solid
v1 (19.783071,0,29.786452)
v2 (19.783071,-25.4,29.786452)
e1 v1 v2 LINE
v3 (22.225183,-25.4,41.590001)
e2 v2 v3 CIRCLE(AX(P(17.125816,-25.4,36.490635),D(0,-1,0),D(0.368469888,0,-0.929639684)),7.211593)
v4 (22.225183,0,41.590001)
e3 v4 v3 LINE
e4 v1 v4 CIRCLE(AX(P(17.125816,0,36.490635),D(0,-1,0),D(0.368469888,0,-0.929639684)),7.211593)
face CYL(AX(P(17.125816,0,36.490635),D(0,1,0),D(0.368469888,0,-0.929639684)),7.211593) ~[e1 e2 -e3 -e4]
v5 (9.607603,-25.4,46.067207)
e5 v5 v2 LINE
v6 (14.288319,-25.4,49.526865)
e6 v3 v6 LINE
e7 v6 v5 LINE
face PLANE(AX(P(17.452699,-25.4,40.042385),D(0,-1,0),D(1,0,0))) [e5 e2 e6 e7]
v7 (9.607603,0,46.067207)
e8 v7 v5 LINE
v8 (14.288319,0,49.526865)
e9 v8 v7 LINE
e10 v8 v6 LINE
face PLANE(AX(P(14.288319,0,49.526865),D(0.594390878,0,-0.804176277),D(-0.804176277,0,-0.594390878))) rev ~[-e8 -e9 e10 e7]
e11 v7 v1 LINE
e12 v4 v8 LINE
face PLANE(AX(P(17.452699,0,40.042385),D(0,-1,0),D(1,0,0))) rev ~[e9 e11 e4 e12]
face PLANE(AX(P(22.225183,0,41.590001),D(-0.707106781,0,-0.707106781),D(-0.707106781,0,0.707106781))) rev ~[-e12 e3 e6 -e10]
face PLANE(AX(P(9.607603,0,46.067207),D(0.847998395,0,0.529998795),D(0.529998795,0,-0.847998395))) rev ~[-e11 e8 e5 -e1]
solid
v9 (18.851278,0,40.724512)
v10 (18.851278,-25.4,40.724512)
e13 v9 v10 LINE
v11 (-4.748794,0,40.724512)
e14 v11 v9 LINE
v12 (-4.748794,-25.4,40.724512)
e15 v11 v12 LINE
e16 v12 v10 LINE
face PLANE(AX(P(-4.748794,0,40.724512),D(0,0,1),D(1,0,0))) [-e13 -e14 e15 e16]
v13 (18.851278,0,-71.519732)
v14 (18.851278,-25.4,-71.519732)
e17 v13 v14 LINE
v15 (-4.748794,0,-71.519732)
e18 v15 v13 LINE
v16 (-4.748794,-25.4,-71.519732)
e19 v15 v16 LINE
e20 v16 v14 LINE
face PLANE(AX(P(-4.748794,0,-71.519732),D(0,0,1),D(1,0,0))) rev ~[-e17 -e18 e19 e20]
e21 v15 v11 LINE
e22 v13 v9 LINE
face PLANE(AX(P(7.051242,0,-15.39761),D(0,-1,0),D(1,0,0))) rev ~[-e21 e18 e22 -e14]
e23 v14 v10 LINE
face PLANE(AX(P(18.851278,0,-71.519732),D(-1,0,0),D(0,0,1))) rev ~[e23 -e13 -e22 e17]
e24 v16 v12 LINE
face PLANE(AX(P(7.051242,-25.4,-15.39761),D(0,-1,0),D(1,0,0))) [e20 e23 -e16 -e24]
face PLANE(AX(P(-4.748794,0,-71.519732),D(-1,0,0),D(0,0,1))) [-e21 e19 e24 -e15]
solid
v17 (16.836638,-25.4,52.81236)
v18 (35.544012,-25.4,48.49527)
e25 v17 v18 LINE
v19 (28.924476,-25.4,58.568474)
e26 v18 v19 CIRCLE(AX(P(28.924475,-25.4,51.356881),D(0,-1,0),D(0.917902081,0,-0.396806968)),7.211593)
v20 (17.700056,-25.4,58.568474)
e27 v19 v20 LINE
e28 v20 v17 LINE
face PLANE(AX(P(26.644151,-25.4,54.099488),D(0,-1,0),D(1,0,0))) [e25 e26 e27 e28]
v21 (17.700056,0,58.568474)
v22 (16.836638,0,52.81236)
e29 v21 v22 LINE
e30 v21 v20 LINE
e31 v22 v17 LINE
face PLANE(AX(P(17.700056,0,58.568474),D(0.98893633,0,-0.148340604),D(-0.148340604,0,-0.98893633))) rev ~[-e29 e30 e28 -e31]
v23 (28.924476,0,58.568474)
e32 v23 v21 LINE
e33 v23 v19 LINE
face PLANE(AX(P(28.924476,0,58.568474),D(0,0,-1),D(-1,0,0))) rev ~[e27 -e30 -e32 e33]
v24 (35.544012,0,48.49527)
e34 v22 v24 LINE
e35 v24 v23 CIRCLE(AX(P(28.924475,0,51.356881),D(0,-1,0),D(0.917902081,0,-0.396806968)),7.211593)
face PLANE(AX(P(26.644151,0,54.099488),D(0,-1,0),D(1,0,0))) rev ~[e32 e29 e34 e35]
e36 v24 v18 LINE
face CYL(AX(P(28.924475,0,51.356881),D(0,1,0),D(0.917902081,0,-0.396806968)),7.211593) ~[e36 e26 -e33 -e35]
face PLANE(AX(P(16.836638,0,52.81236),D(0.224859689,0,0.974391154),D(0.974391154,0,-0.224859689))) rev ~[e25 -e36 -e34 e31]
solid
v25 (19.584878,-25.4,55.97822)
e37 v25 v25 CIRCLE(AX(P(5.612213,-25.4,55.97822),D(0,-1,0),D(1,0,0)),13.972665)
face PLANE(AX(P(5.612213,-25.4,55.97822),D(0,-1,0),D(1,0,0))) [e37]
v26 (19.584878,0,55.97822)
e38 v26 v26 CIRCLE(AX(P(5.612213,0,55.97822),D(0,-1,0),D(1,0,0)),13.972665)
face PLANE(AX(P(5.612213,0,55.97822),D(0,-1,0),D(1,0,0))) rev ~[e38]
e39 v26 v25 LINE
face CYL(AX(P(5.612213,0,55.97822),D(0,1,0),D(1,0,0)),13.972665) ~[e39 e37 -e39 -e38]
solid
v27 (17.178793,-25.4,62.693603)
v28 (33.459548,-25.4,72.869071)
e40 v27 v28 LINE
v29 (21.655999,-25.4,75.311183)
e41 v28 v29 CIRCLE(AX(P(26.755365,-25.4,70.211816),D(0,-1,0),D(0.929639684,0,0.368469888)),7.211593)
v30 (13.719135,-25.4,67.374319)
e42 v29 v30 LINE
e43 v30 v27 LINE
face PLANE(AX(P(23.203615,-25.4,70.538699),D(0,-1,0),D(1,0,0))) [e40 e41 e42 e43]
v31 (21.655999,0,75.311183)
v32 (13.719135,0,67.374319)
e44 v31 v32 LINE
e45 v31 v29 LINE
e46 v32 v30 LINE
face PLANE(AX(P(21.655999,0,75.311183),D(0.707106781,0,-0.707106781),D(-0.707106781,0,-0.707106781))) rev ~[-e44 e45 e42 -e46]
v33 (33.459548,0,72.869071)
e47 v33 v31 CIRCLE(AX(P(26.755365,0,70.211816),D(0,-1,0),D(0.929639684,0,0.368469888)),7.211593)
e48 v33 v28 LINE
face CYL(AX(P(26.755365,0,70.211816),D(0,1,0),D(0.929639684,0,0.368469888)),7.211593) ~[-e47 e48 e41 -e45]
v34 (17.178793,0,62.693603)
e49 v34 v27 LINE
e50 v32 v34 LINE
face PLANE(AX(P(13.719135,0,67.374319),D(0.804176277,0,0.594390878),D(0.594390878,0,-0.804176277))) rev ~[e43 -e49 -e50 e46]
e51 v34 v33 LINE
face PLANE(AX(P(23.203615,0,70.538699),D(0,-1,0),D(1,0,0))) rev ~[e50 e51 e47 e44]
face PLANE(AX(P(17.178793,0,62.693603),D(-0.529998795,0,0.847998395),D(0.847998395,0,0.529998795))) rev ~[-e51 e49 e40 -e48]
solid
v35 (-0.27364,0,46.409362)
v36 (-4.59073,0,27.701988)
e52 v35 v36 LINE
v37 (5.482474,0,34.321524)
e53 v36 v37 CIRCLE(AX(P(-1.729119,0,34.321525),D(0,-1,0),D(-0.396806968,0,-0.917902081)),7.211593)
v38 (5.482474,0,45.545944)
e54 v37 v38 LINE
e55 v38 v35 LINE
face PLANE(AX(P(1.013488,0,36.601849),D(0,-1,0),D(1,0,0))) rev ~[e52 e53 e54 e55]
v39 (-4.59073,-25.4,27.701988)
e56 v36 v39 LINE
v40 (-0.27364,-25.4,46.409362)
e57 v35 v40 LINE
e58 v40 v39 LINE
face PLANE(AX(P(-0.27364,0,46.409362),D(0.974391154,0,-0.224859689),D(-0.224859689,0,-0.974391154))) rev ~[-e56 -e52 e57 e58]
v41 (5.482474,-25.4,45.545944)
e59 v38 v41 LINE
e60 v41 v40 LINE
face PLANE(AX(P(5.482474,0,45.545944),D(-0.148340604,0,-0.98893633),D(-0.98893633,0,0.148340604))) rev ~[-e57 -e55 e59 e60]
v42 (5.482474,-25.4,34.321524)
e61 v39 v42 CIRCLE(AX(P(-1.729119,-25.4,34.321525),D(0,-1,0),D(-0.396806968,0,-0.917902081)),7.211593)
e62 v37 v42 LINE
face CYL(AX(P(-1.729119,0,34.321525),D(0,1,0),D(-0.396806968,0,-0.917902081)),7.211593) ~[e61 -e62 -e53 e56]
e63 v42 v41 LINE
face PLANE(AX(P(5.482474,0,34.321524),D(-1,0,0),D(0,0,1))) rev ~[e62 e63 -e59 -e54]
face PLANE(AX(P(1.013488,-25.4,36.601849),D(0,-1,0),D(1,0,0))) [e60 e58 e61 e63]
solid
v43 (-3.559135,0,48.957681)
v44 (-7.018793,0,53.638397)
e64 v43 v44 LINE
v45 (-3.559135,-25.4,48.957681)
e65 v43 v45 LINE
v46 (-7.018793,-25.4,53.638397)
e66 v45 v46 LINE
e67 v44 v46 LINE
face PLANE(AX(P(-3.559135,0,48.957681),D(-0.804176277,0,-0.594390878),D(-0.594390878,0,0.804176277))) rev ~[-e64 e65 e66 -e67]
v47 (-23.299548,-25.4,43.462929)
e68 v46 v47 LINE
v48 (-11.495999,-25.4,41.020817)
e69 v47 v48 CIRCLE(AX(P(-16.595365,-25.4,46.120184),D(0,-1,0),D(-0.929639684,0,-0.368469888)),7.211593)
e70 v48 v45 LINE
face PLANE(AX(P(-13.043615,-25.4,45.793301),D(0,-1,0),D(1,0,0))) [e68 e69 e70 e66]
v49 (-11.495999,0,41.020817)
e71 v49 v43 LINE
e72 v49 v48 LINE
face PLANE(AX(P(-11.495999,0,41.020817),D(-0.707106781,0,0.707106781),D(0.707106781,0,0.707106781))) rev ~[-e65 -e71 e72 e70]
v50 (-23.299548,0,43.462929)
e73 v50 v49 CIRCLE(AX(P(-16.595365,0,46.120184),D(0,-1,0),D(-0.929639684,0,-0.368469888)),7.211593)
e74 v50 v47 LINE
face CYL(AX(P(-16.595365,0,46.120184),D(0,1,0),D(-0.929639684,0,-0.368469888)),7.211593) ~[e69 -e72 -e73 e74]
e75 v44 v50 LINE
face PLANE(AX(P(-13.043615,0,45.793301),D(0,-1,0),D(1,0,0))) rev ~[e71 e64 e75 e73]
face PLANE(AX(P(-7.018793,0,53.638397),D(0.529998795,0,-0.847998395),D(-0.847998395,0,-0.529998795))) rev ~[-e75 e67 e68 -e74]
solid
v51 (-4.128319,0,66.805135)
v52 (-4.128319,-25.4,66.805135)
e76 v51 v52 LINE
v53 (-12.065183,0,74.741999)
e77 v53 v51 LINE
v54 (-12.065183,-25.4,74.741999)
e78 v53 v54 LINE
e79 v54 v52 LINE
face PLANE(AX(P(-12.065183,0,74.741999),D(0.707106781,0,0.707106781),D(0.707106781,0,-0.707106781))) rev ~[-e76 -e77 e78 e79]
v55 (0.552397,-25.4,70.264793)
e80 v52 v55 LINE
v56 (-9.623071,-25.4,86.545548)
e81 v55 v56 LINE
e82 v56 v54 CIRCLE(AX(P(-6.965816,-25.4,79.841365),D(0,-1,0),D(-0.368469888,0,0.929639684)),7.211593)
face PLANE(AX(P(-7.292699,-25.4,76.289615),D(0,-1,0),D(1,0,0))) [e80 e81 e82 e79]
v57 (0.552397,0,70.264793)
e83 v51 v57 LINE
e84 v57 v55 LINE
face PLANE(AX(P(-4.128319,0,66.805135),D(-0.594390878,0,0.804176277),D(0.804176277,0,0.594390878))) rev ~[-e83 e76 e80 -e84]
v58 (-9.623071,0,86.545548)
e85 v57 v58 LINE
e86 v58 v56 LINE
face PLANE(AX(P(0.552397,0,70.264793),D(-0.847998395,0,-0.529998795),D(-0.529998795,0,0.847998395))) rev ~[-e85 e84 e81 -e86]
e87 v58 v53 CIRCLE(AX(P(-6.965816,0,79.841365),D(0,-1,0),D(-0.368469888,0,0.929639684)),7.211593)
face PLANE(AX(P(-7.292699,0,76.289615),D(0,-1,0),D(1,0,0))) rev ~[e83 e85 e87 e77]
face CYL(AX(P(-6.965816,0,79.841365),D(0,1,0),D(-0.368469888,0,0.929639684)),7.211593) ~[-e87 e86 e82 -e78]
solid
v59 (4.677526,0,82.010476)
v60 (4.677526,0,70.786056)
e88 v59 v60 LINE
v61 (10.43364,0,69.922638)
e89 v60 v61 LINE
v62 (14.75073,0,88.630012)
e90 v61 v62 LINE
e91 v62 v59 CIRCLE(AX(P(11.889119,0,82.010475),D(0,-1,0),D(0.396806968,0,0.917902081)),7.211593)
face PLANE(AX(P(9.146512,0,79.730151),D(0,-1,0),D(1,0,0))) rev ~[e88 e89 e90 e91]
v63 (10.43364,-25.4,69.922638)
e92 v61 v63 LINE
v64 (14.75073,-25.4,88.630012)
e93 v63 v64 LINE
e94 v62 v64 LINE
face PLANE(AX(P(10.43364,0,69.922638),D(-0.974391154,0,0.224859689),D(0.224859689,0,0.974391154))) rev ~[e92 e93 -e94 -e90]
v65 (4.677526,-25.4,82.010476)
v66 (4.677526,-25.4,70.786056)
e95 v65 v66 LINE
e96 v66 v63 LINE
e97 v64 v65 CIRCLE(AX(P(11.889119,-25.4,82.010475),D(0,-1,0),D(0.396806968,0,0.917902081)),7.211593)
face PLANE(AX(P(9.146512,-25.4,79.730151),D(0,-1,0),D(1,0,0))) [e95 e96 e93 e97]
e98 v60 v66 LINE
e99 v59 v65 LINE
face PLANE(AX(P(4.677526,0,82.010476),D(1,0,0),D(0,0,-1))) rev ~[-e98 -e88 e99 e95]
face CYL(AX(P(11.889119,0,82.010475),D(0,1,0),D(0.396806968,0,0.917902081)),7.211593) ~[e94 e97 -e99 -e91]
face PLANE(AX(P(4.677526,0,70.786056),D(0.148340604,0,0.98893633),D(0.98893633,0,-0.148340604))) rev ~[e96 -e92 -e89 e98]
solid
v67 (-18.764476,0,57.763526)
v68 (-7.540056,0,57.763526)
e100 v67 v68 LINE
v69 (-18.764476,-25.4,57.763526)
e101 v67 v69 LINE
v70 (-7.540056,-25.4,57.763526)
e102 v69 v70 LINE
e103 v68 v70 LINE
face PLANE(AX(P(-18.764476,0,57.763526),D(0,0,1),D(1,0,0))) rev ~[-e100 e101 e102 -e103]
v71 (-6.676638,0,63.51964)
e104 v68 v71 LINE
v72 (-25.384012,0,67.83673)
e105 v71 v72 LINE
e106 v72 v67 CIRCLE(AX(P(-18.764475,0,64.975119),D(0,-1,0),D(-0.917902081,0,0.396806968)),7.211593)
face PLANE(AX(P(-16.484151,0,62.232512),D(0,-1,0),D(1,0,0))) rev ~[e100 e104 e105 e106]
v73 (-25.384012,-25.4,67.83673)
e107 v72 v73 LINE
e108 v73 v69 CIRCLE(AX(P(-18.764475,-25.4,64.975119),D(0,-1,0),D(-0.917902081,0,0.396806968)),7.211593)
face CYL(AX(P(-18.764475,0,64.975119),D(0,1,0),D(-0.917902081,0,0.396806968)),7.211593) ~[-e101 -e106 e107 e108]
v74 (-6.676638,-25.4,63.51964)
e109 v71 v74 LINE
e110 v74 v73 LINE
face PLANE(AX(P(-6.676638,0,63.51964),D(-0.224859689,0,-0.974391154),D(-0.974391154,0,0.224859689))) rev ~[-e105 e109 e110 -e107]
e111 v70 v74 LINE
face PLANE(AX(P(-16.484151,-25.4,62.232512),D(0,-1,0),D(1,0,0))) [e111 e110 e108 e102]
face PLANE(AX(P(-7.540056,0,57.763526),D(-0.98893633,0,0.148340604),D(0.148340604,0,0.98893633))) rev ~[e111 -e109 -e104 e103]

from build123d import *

# Parameters (mm, degrees)
F0_W     = 23.600073
F0_H     = 112.244244
F1_DEPTH = 25.4
F2_R     = 13.972665
F3_DEPTH = 25.4
F5_DEPTH = 25.4


with BuildPart() as f1:
    # F0 (on Front) → F1 (new body)
    with BuildSketch(Plane.XZ):
        with Locations((7.051242, -15.39761)):
            Rectangle(F0_W, F0_H)
    extrude(amount=F1_DEPTH)


with BuildPart() as f3:
    # F2 (on Front) → F3 (new body)
    with BuildSketch(Plane.XZ):
        with Locations((5.612213, 55.97822)):
            Circle(F2_R)
    extrude(amount=F3_DEPTH)


with BuildPart() as f5:
    # F4 (on Front) → F5 (new body)
    with BuildSketch(Plane.XZ):
        with BuildLine():
            Line((-3.559135, 48.957681), (-7.018793, 53.638397))
            Line((-7.018793, 53.638397), (-23.299548, 43.462929))
            ThreePointArc((-23.299548, 43.462929), (-18.056473, 39.058156), (-11.495999, 41.020817))
            Line((-11.495999, 41.020817), (-3.559135, 48.957681))
        make_face()
        with BuildLine():
            Line((-7.540056, 57.763526), (-6.676638, 63.51964))
            Line((-6.676638, 63.51964), (-25.384012, 67.83673))
            ThreePointArc((-25.384012, 67.83673), (-24.791243, 61.014671), (-18.764476, 57.763526))
            Line((-18.764476, 57.763526), (-7.540056, 57.763526))
        make_face()
        with BuildLine():
            Line((-4.128319, 66.805135), (0.552397, 70.264793))
            Line((0.552397, 70.264793), (-9.623071, 86.545548))
            ThreePointArc((-9.623071, 86.545548), (-14.027844, 81.302473), (-12.065183, 74.741999))
            Line((-12.065183, 74.741999), (-4.128319, 66.805135))
        make_face()
        with BuildLine():
            Line((4.677526, 70.786056), (10.43364, 69.922638))
            Line((10.43364, 69.922638), (14.75073, 88.630012))
            ThreePointArc((14.75073, 88.630012), (7.928671, 88.037243), (4.677526, 82.010476))
            Line((4.677526, 82.010476), (4.677526, 70.786056))
        make_face()
        with BuildLine():
            Line((13.719135, 67.374319), (17.178793, 62.693603))
            Line((17.178793, 62.693603), (33.459548, 72.869071))
            ThreePointArc((33.459548, 72.869071), (28.216473, 77.273844), (21.655999, 75.311183))
            Line((21.655999, 75.311183), (13.719135, 67.374319))
        make_face()
        with BuildLine():
            Line((17.700056, 58.568474), (16.836638, 52.81236))
            Line((16.836638, 52.81236), (35.544012, 48.49527))
            ThreePointArc((35.544012, 48.49527), (34.951243, 55.317329), (28.924476, 58.568474))
            Line((28.924476, 58.568474), (17.700056, 58.568474))
        make_face()
        with BuildLine():
            Line((14.288319, 49.526865), (9.607603, 46.067207))
            Line((9.607603, 46.067207), (19.783071, 29.786452))
            ThreePointArc((19.783071, 29.786452), (24.187844, 35.029527), (22.225183, 41.590001))
            Line((22.225183, 41.590001), (14.288319, 49.526865))
        make_face()
        with BuildLine():
            Line((5.482474, 45.545944), (-0.27364, 46.409362))
            Line((-0.27364, 46.409362), (-4.59073, 27.701988))
            ThreePointArc((-4.59073, 27.701988), (2.231329, 28.294757), (5.482474, 34.321524))
            Line((5.482474, 34.321524), (5.482474, 45.545944))
        make_face()
    extrude(amount=F5_DEPTH)


solid = Compound([f1.part, f3.part, f5.part])
